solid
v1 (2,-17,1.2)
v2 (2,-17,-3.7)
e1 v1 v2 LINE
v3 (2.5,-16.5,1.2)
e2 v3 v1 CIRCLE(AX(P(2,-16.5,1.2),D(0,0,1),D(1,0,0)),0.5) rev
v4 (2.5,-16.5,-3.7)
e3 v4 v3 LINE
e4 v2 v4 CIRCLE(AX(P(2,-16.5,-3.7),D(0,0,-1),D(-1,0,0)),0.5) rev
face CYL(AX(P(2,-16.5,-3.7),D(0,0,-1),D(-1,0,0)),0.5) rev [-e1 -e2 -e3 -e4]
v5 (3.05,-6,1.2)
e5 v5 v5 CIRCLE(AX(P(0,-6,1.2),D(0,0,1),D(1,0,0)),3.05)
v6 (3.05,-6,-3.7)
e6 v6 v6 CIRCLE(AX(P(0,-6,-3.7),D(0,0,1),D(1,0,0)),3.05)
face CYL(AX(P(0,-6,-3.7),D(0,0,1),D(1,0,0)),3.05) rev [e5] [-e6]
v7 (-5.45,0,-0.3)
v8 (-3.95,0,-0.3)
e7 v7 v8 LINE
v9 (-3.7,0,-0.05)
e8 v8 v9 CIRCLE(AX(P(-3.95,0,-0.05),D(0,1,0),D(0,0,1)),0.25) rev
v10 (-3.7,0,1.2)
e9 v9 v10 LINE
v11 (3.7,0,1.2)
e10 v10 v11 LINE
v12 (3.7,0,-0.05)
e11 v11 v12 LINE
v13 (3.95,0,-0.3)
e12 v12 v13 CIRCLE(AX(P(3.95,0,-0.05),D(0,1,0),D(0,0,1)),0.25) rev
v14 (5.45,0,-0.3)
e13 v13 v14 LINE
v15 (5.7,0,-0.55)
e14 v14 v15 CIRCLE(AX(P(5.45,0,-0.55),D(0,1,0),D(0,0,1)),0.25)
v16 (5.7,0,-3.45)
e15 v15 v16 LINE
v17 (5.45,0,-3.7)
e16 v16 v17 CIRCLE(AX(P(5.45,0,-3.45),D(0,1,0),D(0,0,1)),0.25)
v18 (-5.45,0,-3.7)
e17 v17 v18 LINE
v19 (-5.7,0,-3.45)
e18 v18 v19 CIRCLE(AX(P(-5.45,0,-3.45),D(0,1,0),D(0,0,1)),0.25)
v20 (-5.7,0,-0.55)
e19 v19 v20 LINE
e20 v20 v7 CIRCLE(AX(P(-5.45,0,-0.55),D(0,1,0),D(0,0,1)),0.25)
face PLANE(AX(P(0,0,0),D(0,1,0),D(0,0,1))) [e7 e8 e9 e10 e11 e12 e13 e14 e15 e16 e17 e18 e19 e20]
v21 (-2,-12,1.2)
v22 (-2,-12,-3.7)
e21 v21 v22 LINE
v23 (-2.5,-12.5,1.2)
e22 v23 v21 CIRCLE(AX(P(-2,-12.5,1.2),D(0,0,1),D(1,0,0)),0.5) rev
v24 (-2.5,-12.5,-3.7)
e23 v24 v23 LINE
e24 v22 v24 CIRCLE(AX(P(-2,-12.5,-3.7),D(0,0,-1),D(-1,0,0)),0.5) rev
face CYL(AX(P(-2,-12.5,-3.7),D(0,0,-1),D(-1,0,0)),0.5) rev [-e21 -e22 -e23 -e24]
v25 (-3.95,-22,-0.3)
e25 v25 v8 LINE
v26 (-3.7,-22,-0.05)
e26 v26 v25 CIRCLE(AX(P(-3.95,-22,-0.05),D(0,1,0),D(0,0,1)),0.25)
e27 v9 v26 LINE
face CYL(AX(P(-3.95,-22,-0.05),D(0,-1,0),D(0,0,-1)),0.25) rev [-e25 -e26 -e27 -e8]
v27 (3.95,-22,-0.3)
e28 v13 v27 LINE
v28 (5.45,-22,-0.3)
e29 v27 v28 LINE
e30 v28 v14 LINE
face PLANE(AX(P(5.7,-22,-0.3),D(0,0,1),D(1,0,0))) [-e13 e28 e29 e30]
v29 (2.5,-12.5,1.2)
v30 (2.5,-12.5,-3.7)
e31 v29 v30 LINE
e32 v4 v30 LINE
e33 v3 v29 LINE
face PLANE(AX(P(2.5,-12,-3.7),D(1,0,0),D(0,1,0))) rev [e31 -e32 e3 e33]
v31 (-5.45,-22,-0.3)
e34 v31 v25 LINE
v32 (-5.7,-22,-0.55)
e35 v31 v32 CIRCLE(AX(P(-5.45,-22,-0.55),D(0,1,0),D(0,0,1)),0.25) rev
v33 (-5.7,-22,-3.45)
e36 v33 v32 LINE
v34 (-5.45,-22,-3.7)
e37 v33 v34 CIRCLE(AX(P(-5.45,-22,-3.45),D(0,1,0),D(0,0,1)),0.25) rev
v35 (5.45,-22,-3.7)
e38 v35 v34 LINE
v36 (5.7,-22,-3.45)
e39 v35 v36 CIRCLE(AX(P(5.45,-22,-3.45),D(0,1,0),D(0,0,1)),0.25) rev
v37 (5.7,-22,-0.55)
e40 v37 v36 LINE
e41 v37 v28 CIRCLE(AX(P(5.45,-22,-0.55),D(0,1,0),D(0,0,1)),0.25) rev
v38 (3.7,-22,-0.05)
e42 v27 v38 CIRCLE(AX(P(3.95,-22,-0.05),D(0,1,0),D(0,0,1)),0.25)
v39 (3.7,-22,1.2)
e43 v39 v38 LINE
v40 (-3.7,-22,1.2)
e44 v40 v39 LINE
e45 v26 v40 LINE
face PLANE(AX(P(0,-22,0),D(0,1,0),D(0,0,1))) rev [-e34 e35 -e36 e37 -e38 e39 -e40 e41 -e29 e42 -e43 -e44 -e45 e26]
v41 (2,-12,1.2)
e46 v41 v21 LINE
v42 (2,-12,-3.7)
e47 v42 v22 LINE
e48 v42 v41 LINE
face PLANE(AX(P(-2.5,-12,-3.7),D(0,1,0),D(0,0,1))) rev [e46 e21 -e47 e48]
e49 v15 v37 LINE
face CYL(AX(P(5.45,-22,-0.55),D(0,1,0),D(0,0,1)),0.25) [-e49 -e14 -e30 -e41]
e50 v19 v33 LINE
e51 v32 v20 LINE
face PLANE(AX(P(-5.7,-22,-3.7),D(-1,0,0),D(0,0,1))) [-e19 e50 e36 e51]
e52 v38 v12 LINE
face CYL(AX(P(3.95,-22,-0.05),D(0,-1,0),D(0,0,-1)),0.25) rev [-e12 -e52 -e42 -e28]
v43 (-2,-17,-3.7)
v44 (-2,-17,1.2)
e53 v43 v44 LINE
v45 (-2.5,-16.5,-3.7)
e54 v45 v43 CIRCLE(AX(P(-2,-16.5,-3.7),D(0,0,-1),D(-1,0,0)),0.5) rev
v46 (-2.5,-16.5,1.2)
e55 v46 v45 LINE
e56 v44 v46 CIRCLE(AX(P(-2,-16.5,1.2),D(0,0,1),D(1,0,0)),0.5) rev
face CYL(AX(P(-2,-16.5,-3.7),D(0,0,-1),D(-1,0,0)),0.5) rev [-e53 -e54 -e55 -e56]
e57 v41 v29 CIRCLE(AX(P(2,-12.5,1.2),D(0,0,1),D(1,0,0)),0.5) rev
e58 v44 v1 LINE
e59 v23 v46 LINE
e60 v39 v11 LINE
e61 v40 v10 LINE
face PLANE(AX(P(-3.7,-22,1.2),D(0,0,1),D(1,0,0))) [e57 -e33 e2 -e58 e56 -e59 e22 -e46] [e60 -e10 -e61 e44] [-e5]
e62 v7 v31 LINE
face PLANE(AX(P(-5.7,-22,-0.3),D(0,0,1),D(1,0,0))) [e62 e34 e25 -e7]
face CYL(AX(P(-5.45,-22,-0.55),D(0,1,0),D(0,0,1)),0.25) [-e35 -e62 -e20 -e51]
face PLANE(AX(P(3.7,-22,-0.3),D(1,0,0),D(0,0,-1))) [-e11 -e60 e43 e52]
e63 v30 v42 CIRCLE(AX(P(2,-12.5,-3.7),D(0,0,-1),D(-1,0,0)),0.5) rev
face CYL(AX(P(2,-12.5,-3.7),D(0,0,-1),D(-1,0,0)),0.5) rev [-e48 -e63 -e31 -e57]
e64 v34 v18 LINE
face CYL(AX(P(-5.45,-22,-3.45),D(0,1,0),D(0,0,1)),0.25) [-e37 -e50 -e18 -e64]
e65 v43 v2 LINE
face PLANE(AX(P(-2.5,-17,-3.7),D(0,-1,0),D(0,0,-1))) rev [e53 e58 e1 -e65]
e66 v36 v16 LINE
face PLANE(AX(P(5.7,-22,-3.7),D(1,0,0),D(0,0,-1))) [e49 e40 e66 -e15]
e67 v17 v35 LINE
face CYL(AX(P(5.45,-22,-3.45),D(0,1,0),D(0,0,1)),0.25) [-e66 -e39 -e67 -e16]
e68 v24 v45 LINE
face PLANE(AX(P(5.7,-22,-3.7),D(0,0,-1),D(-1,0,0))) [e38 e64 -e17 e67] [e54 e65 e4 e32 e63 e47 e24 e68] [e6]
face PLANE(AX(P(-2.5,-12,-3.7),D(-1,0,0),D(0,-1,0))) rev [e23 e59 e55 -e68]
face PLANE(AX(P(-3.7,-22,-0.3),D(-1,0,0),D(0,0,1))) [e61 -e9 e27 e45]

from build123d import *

# Parameters (mm, degrees)
BOSS_EXTRUDE1_DEPTH = 22
SKETCH2_R           = 3.05
SKETCH2_W           = 5
SKETCH2_H           = 5
CUT_EXTRUDE1_DEPTH  = 24.248655875
FILLET1_R           = 0.25
FILLET2_R           = 0.5


with BuildPart() as part:
    # Sketch1 → Boss-Extrude1 (new body)
    with BuildSketch(Plane(origin=(0, 0, 0), x_dir=(1, 0, 0), z_dir=(0, 1, 0))):
        Polygon((3.7, 0.3), (3.7, -1.2), (-3.7, -1.2), (-3.7, 0.3), (-5.7, 0.3), (-5.7, 3.7), (5.7, 3.7), (5.7, 0.3), align=None)
    extrude(amount=-BOSS_EXTRUDE1_DEPTH)

    # Sketch2 → Cut-Extrude1 (cut, through all)
    with BuildSketch(Plane.XY.offset(1.2)):
        with Locations((0, -6)):
            Circle(SKETCH2_R)
        with Locations((0, -14.5)):
            Rectangle(SKETCH2_W, SKETCH2_H)
    extrude(amount=-CUT_EXTRUDE1_DEPTH, mode=Mode.SUBTRACT)

    # Fillet1
    fillet1_edges = [part.edges().sort_by_distance(p)[0] for p in [
        (3.7, -11, -0.3),
        (-3.7, -11, -0.3),
        (-5.7, -11, -0.3),
        (-5.7, -11, -3.7),
        (5.7, -11, -3.7),
        (5.7, -11, -0.3),
    ]]
    fillet(fillet1_edges, radius=FILLET1_R)

    # Fillet2
    fillet2_edges = [part.edges().sort_by_distance(p)[0] for p in [
        (2.5, -12, -1.25),
        (2.5, -17, -1.25),
        (-2.5, -17, -1.25),
        (-2.5, -12, -1.25),
    ]]
    fillet(fillet2_edges, radius=FILLET2_R)


solid = part.part
